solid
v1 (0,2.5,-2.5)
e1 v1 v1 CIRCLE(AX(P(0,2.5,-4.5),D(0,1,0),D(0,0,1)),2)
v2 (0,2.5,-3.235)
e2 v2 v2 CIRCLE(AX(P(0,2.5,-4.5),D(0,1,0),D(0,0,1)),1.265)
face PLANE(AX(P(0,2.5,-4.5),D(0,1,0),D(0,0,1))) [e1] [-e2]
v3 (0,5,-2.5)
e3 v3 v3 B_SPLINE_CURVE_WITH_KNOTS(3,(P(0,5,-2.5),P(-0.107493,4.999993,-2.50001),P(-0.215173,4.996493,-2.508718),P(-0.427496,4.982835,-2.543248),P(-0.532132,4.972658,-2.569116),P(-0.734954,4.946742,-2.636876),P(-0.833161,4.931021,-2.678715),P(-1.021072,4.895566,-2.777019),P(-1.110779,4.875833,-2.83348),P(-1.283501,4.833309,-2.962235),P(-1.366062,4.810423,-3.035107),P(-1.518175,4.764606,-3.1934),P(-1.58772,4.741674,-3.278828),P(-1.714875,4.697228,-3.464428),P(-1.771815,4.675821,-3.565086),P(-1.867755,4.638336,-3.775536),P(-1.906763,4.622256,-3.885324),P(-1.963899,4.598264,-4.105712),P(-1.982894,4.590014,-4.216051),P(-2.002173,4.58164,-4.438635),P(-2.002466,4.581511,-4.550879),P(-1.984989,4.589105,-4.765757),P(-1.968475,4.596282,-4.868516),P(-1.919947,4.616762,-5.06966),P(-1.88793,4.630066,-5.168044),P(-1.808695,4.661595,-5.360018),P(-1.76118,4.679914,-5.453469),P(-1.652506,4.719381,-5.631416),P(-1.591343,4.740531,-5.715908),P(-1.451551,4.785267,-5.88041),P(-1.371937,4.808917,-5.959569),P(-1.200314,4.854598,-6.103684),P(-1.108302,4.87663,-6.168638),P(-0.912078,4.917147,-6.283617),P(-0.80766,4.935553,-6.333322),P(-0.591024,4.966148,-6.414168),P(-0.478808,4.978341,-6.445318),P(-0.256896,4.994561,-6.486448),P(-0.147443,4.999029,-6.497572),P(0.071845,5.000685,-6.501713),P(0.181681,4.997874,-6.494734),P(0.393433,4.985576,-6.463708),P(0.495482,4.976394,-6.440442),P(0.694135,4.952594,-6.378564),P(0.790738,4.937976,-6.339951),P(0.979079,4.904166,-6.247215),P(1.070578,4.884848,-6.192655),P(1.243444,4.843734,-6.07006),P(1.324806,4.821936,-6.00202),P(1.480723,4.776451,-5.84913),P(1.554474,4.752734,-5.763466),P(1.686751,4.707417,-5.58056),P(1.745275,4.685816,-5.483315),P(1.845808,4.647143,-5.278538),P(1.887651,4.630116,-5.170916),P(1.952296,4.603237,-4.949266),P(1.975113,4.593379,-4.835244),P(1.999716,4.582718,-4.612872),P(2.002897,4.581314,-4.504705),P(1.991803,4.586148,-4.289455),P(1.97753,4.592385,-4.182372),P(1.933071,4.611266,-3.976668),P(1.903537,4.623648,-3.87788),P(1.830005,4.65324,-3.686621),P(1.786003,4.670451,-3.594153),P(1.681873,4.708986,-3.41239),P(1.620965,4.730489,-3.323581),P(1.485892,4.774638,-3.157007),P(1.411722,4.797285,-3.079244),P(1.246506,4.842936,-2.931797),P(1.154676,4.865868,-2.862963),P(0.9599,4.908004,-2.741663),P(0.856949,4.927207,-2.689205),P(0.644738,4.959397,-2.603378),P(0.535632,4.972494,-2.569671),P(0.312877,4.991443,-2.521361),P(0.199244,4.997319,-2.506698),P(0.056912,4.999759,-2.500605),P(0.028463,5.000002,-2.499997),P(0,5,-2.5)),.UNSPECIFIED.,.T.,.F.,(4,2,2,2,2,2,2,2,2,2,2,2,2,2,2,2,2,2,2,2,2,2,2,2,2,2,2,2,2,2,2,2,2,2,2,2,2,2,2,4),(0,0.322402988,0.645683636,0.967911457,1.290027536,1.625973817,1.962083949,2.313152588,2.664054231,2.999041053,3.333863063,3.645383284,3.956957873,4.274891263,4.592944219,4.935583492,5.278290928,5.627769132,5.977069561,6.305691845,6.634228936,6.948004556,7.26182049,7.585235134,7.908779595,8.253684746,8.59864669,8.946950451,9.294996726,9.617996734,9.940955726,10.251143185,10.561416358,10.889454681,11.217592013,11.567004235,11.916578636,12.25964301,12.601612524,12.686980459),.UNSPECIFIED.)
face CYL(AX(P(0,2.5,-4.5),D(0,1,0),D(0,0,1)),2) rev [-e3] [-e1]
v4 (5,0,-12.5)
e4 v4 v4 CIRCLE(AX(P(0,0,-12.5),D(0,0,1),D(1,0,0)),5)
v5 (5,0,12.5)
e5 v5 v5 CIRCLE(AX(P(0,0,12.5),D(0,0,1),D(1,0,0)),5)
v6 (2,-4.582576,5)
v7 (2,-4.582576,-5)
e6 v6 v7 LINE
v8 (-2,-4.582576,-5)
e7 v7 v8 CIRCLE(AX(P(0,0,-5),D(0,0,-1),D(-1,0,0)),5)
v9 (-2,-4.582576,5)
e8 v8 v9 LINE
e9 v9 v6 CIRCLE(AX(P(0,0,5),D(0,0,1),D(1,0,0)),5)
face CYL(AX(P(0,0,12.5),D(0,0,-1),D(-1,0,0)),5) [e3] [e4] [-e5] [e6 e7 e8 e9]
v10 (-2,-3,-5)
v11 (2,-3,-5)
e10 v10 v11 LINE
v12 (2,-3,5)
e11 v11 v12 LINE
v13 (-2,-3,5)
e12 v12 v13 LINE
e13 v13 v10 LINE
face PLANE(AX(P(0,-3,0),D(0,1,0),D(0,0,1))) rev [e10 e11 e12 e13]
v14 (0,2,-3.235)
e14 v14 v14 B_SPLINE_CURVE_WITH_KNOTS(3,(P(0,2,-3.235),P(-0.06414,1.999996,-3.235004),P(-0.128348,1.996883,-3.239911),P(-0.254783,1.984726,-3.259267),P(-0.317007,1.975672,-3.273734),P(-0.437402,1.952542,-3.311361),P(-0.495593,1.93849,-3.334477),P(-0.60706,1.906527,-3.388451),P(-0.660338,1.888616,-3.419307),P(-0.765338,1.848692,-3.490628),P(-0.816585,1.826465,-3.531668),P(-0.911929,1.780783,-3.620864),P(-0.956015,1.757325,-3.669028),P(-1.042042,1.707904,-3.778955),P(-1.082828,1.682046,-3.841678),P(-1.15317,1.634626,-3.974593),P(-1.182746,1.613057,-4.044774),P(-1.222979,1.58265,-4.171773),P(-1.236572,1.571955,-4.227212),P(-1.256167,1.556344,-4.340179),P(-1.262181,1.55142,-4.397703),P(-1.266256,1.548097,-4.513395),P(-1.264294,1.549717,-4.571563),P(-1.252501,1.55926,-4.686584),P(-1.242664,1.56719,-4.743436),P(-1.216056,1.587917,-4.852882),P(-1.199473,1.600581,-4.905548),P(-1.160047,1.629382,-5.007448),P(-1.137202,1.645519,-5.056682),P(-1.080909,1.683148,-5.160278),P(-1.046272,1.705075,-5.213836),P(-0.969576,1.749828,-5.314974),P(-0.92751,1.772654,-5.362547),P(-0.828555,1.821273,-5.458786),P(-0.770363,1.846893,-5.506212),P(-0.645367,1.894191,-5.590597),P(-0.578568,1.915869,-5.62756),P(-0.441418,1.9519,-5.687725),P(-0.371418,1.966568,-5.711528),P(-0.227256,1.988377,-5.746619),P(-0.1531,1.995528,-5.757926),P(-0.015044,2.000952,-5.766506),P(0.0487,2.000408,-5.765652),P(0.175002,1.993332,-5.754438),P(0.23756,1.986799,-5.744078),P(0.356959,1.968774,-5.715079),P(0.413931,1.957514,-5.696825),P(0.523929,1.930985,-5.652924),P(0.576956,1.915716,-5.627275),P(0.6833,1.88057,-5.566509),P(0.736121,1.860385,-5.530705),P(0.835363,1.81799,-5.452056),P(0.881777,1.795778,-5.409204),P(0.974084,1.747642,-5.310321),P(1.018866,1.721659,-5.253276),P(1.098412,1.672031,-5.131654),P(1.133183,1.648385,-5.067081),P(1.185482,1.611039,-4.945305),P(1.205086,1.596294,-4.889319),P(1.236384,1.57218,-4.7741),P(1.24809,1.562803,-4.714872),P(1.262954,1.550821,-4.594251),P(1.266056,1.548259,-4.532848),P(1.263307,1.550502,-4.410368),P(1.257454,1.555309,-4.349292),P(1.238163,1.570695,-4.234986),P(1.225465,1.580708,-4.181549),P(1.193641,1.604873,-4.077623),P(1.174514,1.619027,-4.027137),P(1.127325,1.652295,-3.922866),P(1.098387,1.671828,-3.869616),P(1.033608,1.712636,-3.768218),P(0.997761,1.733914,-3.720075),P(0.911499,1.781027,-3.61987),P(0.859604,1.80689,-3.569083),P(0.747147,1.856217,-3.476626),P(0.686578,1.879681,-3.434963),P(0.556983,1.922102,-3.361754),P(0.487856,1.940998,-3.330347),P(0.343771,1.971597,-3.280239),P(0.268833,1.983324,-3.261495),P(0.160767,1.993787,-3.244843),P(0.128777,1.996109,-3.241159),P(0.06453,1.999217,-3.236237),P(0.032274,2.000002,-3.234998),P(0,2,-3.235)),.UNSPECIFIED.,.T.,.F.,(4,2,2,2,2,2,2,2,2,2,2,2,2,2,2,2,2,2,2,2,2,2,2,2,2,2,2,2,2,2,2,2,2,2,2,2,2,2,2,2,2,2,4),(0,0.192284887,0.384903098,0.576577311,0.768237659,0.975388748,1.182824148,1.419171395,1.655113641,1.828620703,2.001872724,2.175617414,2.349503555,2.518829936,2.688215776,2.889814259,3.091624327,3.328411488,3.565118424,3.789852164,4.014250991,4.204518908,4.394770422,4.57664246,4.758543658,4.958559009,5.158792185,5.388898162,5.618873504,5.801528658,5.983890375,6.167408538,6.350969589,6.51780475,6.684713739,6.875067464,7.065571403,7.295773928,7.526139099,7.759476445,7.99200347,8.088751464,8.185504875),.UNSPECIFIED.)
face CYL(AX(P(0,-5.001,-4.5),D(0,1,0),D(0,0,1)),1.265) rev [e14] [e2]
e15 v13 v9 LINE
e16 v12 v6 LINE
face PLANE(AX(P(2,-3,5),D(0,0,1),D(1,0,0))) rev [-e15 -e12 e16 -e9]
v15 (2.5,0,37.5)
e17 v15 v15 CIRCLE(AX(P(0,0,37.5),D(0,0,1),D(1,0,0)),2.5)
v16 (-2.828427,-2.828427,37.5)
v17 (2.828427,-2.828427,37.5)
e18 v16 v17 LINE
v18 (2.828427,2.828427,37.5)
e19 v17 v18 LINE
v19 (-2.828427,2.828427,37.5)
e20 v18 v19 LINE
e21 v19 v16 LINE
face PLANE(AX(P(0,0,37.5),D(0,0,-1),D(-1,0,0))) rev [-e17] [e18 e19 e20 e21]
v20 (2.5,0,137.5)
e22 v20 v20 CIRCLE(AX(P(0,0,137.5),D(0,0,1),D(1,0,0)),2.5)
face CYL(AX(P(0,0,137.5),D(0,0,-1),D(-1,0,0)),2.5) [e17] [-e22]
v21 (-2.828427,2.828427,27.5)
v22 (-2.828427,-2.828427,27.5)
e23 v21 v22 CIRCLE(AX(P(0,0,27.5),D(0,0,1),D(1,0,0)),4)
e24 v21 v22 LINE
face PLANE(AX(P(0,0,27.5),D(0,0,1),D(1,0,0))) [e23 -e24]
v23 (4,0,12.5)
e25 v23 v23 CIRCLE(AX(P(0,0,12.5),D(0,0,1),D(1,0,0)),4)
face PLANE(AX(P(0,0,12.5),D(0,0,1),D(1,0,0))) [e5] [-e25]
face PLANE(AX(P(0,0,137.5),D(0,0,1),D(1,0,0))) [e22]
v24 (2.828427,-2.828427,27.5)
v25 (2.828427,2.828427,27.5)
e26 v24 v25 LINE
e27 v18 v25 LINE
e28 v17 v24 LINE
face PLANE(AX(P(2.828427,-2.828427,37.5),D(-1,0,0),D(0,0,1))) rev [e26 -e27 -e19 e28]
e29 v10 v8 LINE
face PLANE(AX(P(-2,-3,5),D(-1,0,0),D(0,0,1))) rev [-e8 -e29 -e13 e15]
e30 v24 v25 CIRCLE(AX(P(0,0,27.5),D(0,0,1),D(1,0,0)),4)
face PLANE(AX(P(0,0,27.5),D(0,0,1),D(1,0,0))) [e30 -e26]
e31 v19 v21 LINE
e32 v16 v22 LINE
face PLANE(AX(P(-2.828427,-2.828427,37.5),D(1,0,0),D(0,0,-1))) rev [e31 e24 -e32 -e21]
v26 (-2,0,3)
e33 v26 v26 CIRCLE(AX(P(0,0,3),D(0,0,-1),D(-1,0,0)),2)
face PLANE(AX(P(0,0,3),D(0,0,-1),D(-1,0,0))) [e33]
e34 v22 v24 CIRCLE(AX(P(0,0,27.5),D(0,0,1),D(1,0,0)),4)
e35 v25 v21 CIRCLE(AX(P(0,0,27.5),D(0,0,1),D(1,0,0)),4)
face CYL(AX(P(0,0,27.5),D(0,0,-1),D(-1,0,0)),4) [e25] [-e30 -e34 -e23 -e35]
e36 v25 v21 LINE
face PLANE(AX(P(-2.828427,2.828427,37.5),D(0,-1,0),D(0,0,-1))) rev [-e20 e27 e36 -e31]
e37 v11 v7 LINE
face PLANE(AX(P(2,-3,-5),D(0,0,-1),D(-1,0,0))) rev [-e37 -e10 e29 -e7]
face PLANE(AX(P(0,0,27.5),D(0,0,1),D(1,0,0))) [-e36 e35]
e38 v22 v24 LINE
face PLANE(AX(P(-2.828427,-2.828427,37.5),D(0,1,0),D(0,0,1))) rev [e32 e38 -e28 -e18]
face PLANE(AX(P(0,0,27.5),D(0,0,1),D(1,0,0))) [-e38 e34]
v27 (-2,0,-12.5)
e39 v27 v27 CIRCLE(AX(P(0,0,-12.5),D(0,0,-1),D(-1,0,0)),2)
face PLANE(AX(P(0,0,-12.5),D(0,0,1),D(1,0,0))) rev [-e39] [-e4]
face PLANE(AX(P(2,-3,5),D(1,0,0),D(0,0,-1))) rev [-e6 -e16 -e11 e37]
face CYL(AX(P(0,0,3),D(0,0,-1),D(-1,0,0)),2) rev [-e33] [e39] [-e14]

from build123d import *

# Parameters (mm, degrees)
CROQUIS1_R                 = 5
SALIENTE_EXTRUIR1_DEPTH    = 12.5
CROQUIS2_R                 = 2
CORTAR_EXTRUIR1_DEPTH      = 15.5
CROQUIS3_R                 = 2
CORTAR_EXTRUIR2_DEPTH      = 2.5
CROQUIS4_R                 = 4
SALIENTE_EXTRUIR2_DEPTH    = 15
CROQUIS5_W                 = 5.65685425
CROQUIS5_H                 = 5.65685425
SALIENTE_EXTRUIR3_DEPTH    = 10
CORTAR_EXTRUIR3_REACH      = 40.568
CORTAR_EXTRUIR3_END_RADIUS = 2
CROQUIS6_R                 = 1.265
CROQUIS7_W                 = 4
CROQUIS7_H                 = 10
CORTAR_EXTRUIR4_DEPTH      = 2
CROQUIS8_R                 = 2.5
SALIENTE_EXTRUIR4_DEPTH    = 100


with BuildPart() as part:
    # Croquis1 → Saliente-Extruir1 (new, symmetric)
    with BuildSketch(Plane.XY):
        Circle(CROQUIS1_R)
    extrude(amount=SALIENTE_EXTRUIR1_DEPTH, both=True)

    # Croquis2 → Cortar-Extruir1 (cut)
    with BuildSketch(Plane(origin=(0, 0, -12.5), x_dir=(-1, 0, 0), z_dir=(0, 0, -1))):
        Circle(CROQUIS2_R)
    extrude(amount=-CORTAR_EXTRUIR1_DEPTH, mode=Mode.SUBTRACT)

    # Croquis3 → Cortar-Extruir2 (cut)
    with BuildSketch(Plane(origin=(0, 5, 0), x_dir=(1, 0, 0), z_dir=(0, 1, 0))):
        with Locations(Location((0, 4.5, 0), (0, 0, 270))):
            Circle(CROQUIS3_R)
    extrude(amount=-CORTAR_EXTRUIR2_DEPTH, mode=Mode.SUBTRACT)

    # Croquis4 → Saliente-Extruir2 (add)
    with BuildSketch(Plane.XY.offset(12.5)):
        Circle(CROQUIS4_R)
    extrude(amount=SALIENTE_EXTRUIR2_DEPTH)

    # Croquis5 → Saliente-Extruir3 (add)
    with BuildSketch(Plane.XY.offset(27.5)):
        Rectangle(CROQUIS5_W, CROQUIS5_H)
    extrude(amount=SALIENTE_EXTRUIR3_DEPTH)

    # Cortar-Extruir3: up to this cylinder (the profile starts outside it)
    cortar_extruir3_end = Plane(origin=(0, 0, -4.5), z_dir=(0, 0, -1)) * Cylinder(CORTAR_EXTRUIR3_END_RADIUS, 86.136, mode=Mode.PRIVATE)
    # Croquis6 → Cortar-Extruir3 (cut, up to the surface)
    with BuildSketch(Plane(origin=(0, 2.5, 0), x_dir=(1, 0, 0), z_dir=(0, 1, 0)), mode=Mode.PRIVATE) as cortar_extruir3_sk1:
        with Locations(Location((0, 4.5, 0), (0, 0, 270))):
            Circle(CROQUIS6_R)
    cortar_extruir3_tool1 = extrude(cortar_extruir3_sk1.sketch, amount=-CORTAR_EXTRUIR3_REACH, mode=Mode.PRIVATE) - cortar_extruir3_end
    add(cortar_extruir3_tool1.solids().sort_by_distance((0, 2.5, -4.5))[0], mode=Mode.SUBTRACT)

    # Croquis7 → Cortar-Extruir4 (cut)
    with BuildSketch(Plane(origin=(0, -5, 0), x_dir=(-1, 0, 0), z_dir=(0, -1, 0))):
        Rectangle(CROQUIS7_W, CROQUIS7_H)
    extrude(amount=-CORTAR_EXTRUIR4_DEPTH, mode=Mode.SUBTRACT)

    # Croquis8 → Saliente-Extruir4 (add)
    with BuildSketch(Plane.XY.offset(37.5)):
        Circle(CROQUIS8_R)
    extrude(amount=SALIENTE_EXTRUIR4_DEPTH)


solid = part.part
